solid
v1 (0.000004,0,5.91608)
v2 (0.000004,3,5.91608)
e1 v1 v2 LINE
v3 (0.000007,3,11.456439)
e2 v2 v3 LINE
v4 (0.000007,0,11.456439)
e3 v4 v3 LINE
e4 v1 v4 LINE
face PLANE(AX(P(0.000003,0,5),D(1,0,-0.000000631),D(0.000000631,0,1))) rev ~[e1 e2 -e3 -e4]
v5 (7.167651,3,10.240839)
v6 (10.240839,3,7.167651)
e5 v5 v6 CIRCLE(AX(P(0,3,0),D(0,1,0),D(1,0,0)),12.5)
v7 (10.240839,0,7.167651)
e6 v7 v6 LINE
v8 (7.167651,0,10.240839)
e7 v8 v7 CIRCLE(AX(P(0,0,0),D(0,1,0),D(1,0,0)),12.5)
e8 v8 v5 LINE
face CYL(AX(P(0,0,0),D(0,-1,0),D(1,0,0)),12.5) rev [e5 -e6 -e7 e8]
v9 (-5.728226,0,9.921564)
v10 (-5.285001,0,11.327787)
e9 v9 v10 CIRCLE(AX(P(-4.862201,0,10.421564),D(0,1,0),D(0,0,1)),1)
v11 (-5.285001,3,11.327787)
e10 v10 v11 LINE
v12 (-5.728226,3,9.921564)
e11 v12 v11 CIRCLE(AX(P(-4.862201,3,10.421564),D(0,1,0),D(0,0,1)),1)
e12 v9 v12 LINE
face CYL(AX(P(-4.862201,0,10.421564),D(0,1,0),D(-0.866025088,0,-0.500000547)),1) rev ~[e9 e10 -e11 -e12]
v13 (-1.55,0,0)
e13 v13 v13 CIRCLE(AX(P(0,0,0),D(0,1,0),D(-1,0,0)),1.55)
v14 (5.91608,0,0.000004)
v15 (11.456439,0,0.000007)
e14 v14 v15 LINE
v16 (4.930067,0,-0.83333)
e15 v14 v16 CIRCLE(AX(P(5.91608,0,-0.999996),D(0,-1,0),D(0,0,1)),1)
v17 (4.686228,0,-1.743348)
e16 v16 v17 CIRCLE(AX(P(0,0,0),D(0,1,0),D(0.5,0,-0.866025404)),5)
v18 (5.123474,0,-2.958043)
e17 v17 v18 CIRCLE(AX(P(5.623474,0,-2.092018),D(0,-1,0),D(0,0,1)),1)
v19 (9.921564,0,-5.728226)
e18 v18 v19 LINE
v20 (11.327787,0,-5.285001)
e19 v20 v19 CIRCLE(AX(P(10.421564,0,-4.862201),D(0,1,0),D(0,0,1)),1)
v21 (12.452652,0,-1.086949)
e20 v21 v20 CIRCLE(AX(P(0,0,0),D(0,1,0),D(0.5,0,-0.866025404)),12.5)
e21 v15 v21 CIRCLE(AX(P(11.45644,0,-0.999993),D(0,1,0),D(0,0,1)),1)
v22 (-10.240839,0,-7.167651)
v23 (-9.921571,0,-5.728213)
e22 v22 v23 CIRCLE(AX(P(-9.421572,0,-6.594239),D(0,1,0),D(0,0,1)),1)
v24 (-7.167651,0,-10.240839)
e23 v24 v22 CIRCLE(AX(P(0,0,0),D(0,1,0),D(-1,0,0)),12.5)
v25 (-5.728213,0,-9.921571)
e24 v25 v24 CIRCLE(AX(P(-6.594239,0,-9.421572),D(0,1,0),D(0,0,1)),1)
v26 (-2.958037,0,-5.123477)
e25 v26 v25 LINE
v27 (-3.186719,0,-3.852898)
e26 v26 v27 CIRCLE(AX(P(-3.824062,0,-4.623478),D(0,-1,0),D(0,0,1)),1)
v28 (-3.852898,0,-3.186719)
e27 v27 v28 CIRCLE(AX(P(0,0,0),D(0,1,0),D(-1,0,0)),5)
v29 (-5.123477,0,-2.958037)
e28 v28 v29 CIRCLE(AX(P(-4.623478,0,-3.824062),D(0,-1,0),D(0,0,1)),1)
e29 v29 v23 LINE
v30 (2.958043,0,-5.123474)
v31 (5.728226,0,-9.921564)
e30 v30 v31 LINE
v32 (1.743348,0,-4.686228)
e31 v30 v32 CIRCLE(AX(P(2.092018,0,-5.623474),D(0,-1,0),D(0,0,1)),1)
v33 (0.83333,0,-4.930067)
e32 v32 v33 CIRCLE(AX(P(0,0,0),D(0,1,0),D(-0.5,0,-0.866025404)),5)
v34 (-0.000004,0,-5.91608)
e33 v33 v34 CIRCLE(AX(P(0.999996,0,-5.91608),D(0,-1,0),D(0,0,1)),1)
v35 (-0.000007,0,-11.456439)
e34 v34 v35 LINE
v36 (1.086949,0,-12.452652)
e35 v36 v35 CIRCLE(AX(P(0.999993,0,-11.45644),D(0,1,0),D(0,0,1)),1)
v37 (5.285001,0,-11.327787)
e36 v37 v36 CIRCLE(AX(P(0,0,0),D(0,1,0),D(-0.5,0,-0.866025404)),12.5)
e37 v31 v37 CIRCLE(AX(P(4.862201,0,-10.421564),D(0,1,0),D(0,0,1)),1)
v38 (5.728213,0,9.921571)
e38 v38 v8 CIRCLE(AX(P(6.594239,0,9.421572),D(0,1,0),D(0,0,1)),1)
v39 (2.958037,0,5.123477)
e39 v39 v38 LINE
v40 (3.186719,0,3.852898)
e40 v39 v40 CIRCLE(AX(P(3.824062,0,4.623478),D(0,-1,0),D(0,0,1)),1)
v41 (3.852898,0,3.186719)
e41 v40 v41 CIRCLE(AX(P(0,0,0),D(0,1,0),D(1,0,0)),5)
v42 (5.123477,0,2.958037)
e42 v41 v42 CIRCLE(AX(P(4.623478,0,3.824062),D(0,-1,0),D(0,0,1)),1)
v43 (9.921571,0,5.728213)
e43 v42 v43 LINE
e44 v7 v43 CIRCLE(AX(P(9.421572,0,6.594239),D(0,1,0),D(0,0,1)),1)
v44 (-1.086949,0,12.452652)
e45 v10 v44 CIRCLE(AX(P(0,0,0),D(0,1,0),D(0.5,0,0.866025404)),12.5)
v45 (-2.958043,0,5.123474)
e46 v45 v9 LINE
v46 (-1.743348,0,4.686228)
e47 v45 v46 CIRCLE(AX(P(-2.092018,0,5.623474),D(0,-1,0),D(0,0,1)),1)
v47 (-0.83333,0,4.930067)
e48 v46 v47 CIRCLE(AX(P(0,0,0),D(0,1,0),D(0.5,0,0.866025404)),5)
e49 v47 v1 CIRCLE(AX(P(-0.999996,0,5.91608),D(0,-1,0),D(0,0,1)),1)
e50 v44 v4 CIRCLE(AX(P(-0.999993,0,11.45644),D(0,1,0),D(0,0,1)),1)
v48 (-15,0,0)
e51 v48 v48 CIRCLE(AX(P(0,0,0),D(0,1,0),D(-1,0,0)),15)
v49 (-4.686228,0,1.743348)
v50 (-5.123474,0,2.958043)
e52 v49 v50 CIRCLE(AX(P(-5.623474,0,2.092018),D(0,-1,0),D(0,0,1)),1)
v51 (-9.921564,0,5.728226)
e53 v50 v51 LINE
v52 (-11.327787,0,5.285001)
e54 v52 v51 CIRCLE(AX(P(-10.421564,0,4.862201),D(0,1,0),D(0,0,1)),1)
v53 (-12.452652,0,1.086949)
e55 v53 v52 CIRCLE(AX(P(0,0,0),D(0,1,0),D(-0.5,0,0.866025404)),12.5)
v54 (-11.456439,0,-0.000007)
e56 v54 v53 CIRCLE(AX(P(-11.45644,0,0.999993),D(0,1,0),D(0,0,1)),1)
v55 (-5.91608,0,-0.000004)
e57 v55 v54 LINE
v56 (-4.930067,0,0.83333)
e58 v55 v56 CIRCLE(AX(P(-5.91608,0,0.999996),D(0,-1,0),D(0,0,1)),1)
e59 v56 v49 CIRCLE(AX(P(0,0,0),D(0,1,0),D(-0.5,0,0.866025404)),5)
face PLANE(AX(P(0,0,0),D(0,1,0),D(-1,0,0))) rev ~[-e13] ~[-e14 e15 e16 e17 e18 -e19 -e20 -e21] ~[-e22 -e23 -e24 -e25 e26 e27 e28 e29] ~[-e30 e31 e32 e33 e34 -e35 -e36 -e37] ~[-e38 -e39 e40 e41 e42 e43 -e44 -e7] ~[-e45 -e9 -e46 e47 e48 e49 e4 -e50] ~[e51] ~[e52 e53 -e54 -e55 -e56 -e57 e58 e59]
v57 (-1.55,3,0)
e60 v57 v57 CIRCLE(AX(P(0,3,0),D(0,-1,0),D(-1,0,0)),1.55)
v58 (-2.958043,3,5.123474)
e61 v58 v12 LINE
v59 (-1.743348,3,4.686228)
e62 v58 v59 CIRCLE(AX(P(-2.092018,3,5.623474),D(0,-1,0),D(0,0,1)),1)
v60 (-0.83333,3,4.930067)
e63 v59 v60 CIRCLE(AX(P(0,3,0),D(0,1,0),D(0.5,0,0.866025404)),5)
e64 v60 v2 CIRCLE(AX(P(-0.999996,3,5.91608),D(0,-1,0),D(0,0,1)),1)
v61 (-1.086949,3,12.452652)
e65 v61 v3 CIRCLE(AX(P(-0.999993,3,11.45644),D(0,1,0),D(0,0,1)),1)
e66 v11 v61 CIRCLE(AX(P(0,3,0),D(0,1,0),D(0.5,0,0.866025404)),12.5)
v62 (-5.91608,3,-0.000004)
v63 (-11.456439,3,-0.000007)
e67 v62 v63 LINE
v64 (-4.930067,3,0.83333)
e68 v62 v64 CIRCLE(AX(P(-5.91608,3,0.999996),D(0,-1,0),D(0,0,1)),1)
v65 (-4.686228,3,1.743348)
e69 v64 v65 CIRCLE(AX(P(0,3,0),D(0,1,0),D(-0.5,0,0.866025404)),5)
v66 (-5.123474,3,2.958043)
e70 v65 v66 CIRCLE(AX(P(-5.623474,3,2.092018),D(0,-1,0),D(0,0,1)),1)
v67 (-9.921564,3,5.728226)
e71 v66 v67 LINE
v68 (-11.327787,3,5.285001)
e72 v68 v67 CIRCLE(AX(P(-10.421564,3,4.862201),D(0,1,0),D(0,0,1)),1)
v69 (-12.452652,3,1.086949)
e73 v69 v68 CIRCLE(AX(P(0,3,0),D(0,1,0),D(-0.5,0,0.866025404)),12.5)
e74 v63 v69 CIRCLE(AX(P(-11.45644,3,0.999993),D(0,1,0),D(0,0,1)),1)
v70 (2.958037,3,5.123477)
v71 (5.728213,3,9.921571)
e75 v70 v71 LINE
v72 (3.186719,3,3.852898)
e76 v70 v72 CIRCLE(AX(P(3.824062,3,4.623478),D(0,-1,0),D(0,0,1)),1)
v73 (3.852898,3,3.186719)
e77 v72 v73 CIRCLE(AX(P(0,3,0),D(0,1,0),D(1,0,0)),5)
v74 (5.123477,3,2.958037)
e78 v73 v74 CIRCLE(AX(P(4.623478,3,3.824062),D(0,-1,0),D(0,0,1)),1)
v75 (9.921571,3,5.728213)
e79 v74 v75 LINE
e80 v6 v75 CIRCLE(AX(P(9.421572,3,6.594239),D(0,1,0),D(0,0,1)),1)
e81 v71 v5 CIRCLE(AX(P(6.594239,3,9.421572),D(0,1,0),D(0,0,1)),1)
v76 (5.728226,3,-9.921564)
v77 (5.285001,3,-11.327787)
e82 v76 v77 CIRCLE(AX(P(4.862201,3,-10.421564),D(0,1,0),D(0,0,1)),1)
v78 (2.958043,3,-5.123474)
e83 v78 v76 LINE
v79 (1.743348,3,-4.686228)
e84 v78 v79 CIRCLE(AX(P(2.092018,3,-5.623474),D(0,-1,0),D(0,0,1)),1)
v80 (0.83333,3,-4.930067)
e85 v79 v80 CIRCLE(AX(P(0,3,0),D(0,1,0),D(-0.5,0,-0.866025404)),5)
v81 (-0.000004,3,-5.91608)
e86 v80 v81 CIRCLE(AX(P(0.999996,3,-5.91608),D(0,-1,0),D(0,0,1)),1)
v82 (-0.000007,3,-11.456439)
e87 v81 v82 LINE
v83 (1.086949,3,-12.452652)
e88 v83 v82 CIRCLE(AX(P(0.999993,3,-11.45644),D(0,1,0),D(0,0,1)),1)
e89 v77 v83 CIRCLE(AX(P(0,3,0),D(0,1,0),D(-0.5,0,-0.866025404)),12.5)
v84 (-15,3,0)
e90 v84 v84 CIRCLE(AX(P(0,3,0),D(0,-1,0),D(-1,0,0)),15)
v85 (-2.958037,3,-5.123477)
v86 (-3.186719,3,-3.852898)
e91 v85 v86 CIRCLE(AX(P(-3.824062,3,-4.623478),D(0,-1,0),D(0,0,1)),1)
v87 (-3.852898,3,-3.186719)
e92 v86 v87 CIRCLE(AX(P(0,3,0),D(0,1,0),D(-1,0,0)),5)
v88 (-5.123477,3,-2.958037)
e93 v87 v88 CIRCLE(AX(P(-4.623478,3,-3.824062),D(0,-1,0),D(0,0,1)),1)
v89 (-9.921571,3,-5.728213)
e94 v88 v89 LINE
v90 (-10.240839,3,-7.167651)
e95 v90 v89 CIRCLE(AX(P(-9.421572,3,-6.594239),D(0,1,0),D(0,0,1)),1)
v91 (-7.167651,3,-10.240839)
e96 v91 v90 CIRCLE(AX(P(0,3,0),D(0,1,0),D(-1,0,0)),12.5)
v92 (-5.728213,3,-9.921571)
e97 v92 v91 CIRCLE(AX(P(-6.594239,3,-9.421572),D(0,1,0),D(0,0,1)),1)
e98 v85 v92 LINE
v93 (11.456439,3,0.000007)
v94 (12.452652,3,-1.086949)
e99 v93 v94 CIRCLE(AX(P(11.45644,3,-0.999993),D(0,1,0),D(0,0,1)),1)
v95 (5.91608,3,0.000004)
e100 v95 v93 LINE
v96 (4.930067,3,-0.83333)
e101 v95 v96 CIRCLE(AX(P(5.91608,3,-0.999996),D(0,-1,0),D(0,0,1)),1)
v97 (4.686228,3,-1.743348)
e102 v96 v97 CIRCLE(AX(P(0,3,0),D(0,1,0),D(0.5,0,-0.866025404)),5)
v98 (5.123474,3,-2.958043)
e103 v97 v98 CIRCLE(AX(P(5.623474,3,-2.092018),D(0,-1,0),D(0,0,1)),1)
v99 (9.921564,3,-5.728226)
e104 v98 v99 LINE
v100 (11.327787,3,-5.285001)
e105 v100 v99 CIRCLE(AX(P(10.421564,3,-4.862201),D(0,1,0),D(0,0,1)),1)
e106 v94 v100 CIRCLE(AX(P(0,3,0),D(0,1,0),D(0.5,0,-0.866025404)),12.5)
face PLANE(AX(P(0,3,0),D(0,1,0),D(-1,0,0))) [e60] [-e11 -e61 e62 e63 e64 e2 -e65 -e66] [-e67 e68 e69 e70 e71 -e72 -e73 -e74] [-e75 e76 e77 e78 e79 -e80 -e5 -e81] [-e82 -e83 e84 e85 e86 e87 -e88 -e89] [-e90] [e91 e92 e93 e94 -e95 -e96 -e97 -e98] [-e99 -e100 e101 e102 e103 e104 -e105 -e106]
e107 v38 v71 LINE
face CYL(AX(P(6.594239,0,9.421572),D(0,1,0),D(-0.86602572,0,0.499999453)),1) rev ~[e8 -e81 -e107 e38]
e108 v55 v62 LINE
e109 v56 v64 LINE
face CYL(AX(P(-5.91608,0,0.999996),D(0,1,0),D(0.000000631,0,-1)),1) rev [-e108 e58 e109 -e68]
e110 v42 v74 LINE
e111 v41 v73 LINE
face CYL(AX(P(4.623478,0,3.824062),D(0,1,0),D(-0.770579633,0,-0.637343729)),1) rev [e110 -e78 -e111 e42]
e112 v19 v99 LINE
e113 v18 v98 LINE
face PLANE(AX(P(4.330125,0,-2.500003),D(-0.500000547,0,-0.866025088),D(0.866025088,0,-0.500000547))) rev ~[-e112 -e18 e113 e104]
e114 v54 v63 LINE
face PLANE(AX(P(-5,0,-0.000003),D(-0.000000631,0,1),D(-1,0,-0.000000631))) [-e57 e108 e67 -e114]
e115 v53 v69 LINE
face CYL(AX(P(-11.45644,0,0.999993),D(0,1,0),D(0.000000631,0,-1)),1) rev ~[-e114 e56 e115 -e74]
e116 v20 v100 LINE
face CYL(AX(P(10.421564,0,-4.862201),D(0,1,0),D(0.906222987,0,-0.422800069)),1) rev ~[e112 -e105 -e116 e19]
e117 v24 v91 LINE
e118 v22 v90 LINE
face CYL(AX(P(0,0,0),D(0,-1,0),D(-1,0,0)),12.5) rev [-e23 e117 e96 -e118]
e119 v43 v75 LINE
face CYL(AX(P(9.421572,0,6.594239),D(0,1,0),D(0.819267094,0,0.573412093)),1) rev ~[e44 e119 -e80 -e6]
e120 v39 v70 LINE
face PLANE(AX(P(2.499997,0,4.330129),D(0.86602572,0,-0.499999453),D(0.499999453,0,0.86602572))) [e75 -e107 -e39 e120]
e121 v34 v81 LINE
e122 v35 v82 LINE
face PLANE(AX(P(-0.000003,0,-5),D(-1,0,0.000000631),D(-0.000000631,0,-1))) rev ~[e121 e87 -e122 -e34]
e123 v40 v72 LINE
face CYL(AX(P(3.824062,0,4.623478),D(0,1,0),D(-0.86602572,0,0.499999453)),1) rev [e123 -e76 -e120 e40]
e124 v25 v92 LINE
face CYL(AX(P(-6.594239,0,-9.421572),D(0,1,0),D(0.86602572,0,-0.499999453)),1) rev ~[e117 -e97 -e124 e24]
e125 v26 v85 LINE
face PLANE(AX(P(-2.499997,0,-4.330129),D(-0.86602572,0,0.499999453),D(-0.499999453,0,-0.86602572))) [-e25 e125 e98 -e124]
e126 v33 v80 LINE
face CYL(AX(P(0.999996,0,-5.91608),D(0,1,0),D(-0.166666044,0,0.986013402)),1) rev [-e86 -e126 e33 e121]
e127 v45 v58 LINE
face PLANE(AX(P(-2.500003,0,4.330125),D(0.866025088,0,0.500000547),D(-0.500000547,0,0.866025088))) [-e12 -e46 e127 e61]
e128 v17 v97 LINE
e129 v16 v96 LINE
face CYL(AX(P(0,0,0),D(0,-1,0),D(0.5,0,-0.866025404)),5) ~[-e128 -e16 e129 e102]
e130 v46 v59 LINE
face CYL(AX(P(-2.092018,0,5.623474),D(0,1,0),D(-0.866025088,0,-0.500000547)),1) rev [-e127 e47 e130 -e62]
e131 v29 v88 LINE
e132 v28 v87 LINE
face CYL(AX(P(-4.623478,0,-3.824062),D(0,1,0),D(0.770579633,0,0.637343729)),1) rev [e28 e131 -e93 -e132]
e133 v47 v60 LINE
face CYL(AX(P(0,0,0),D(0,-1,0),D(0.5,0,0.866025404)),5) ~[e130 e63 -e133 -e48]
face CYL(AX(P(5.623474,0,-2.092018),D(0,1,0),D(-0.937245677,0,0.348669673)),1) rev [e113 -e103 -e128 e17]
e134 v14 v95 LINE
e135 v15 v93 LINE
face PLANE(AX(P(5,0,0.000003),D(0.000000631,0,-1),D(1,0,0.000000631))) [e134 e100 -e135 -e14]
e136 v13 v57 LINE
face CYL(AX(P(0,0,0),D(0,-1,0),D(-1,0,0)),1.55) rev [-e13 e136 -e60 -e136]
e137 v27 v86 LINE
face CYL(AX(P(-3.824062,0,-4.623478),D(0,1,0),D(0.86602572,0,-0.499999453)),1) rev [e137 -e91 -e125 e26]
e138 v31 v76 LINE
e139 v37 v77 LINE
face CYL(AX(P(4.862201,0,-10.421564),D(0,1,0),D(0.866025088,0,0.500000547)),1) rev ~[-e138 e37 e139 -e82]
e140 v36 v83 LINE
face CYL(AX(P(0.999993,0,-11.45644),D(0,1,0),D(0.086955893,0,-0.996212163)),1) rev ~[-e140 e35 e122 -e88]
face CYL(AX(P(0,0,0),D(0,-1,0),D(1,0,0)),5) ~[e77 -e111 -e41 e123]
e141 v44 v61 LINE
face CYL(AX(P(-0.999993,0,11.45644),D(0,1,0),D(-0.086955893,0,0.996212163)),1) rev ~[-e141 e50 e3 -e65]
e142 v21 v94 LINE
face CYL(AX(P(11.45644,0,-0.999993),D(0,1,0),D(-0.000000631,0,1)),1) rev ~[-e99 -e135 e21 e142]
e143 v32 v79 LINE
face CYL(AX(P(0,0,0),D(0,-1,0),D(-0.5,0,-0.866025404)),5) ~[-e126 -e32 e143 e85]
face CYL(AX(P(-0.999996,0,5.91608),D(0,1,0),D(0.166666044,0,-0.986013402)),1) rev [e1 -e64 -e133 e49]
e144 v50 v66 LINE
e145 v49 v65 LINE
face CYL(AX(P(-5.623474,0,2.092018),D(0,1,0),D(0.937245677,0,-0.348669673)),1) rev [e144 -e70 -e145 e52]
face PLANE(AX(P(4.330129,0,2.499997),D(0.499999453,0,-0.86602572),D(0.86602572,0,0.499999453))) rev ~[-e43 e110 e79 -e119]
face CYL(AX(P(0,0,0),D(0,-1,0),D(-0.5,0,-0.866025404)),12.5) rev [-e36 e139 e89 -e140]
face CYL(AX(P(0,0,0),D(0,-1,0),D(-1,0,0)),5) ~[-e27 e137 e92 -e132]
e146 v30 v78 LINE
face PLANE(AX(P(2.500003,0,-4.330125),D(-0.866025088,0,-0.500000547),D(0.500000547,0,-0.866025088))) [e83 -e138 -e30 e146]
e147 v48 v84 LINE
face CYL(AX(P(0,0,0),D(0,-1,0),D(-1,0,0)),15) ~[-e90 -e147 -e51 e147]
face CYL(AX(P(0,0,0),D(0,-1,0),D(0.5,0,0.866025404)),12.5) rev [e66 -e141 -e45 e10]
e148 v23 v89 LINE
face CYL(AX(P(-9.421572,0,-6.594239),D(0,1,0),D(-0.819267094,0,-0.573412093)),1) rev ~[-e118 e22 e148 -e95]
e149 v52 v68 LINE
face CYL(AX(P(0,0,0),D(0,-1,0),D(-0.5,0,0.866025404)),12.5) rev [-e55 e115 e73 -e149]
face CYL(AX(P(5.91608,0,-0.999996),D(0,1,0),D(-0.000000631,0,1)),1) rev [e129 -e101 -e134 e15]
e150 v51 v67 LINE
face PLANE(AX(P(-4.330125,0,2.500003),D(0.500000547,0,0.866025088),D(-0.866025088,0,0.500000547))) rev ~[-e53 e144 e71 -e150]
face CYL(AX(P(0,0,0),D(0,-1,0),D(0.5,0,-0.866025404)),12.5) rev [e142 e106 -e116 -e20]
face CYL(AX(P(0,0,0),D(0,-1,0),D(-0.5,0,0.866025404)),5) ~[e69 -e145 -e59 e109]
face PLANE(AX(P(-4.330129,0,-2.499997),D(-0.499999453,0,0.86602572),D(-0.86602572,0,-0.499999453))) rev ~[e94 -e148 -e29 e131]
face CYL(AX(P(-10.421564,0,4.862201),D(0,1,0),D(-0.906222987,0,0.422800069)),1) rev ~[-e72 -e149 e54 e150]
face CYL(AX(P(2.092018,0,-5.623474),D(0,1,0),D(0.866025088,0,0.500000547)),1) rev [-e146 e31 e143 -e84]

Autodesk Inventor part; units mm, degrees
ref_plane "YZ Plane" through (0, 0, 0) normal (1, 0, 0) x (0, 1, 0)
ref_plane "XZ Plane" through (0, 0, 0) normal (0, 1, 0) x (-1, 0, 0)
ref_plane "XY Plane" through (0, 0, 0) normal (0, 0, 1) x (1, 0, 0)
sketch "草圖1" plane through (0, 0, 0) normal (0, 1, 0) x (-1, 0, 0)
  circle A0 centre (0, 0) radius 15
  line L0 (0, 0) -> (15, 0)
  line L1 (0, 0) -> (7.5, -12.9904)
  line L2 (0, 0) -> (12.9904, -7.5)
  circle A1 centre (0, 0) radius 12.5
  circle A2 centre (0, 0) radius 5
  circle A3 centre (0, 0) radius 1.55
  point P0 (6.25, -10.8253)
  point P1 (2.5, -4.3301)
  point P2 (4.3301, -2.5)
  point P3 (10.8253, -6.25)
  dimension "d0" = 30
  dimension "d1" = 60
  dimension "d2" = 30
  dimension "d3" = 25
  dimension "d4" = 10
  dimension "d12" = 3.1
extrude "擠出1" add sketch "草圖1" along normal blind 3
extrude "擠出2" cut sketch "草圖1" along normal blind 3 contours L1 A2 L2 A1
pattern_circular "環形陣列1" count 6 over 360 about axis through (0, -10, 0) along (0, 1, 0) of "擠出2"
extrude "擠出3" cut sketch "草圖1" along normal blind 3 contours A3 L2 L0 | L0 L1 A3 | L1 L2 A3
fillet "圓角1" radius 1 24 edges at (-2.5, 1.5, -4.3301) (2.5, 1.5, -4.3301) (12.5, 1.5, 0) (0, 1.5, 12.5) (-4.3301, 1.5, 2.5) (-4.3301, 1.5, -2.5) (-6.25, 1.5, -10.8253) (0, 1.5, -12.5) (10.8253, 1.5, -6.25) (4.3301, 1.5, 2.5) (-2.5, 1.5, 4.3301) (-5, 1.5, 0) (6.25, 1.5, -10.8253) (0, 1.5, 5) (2.5, 1.5, 4.3301) (0, 1.5, -5) (-10.8253, 1.5, 6.25) (-6.25, 1.5, 10.8253) (6.25, 1.5, 10.8253) (10.8253, 1.5, 6.25) (-10.8253, 1.5, -6.25) (-12.5, 1.5, 0) (4.3301, 1.5, -2.5) (5, 1.5, 0)
properties material "MDF Medium Density Fiberboard"
